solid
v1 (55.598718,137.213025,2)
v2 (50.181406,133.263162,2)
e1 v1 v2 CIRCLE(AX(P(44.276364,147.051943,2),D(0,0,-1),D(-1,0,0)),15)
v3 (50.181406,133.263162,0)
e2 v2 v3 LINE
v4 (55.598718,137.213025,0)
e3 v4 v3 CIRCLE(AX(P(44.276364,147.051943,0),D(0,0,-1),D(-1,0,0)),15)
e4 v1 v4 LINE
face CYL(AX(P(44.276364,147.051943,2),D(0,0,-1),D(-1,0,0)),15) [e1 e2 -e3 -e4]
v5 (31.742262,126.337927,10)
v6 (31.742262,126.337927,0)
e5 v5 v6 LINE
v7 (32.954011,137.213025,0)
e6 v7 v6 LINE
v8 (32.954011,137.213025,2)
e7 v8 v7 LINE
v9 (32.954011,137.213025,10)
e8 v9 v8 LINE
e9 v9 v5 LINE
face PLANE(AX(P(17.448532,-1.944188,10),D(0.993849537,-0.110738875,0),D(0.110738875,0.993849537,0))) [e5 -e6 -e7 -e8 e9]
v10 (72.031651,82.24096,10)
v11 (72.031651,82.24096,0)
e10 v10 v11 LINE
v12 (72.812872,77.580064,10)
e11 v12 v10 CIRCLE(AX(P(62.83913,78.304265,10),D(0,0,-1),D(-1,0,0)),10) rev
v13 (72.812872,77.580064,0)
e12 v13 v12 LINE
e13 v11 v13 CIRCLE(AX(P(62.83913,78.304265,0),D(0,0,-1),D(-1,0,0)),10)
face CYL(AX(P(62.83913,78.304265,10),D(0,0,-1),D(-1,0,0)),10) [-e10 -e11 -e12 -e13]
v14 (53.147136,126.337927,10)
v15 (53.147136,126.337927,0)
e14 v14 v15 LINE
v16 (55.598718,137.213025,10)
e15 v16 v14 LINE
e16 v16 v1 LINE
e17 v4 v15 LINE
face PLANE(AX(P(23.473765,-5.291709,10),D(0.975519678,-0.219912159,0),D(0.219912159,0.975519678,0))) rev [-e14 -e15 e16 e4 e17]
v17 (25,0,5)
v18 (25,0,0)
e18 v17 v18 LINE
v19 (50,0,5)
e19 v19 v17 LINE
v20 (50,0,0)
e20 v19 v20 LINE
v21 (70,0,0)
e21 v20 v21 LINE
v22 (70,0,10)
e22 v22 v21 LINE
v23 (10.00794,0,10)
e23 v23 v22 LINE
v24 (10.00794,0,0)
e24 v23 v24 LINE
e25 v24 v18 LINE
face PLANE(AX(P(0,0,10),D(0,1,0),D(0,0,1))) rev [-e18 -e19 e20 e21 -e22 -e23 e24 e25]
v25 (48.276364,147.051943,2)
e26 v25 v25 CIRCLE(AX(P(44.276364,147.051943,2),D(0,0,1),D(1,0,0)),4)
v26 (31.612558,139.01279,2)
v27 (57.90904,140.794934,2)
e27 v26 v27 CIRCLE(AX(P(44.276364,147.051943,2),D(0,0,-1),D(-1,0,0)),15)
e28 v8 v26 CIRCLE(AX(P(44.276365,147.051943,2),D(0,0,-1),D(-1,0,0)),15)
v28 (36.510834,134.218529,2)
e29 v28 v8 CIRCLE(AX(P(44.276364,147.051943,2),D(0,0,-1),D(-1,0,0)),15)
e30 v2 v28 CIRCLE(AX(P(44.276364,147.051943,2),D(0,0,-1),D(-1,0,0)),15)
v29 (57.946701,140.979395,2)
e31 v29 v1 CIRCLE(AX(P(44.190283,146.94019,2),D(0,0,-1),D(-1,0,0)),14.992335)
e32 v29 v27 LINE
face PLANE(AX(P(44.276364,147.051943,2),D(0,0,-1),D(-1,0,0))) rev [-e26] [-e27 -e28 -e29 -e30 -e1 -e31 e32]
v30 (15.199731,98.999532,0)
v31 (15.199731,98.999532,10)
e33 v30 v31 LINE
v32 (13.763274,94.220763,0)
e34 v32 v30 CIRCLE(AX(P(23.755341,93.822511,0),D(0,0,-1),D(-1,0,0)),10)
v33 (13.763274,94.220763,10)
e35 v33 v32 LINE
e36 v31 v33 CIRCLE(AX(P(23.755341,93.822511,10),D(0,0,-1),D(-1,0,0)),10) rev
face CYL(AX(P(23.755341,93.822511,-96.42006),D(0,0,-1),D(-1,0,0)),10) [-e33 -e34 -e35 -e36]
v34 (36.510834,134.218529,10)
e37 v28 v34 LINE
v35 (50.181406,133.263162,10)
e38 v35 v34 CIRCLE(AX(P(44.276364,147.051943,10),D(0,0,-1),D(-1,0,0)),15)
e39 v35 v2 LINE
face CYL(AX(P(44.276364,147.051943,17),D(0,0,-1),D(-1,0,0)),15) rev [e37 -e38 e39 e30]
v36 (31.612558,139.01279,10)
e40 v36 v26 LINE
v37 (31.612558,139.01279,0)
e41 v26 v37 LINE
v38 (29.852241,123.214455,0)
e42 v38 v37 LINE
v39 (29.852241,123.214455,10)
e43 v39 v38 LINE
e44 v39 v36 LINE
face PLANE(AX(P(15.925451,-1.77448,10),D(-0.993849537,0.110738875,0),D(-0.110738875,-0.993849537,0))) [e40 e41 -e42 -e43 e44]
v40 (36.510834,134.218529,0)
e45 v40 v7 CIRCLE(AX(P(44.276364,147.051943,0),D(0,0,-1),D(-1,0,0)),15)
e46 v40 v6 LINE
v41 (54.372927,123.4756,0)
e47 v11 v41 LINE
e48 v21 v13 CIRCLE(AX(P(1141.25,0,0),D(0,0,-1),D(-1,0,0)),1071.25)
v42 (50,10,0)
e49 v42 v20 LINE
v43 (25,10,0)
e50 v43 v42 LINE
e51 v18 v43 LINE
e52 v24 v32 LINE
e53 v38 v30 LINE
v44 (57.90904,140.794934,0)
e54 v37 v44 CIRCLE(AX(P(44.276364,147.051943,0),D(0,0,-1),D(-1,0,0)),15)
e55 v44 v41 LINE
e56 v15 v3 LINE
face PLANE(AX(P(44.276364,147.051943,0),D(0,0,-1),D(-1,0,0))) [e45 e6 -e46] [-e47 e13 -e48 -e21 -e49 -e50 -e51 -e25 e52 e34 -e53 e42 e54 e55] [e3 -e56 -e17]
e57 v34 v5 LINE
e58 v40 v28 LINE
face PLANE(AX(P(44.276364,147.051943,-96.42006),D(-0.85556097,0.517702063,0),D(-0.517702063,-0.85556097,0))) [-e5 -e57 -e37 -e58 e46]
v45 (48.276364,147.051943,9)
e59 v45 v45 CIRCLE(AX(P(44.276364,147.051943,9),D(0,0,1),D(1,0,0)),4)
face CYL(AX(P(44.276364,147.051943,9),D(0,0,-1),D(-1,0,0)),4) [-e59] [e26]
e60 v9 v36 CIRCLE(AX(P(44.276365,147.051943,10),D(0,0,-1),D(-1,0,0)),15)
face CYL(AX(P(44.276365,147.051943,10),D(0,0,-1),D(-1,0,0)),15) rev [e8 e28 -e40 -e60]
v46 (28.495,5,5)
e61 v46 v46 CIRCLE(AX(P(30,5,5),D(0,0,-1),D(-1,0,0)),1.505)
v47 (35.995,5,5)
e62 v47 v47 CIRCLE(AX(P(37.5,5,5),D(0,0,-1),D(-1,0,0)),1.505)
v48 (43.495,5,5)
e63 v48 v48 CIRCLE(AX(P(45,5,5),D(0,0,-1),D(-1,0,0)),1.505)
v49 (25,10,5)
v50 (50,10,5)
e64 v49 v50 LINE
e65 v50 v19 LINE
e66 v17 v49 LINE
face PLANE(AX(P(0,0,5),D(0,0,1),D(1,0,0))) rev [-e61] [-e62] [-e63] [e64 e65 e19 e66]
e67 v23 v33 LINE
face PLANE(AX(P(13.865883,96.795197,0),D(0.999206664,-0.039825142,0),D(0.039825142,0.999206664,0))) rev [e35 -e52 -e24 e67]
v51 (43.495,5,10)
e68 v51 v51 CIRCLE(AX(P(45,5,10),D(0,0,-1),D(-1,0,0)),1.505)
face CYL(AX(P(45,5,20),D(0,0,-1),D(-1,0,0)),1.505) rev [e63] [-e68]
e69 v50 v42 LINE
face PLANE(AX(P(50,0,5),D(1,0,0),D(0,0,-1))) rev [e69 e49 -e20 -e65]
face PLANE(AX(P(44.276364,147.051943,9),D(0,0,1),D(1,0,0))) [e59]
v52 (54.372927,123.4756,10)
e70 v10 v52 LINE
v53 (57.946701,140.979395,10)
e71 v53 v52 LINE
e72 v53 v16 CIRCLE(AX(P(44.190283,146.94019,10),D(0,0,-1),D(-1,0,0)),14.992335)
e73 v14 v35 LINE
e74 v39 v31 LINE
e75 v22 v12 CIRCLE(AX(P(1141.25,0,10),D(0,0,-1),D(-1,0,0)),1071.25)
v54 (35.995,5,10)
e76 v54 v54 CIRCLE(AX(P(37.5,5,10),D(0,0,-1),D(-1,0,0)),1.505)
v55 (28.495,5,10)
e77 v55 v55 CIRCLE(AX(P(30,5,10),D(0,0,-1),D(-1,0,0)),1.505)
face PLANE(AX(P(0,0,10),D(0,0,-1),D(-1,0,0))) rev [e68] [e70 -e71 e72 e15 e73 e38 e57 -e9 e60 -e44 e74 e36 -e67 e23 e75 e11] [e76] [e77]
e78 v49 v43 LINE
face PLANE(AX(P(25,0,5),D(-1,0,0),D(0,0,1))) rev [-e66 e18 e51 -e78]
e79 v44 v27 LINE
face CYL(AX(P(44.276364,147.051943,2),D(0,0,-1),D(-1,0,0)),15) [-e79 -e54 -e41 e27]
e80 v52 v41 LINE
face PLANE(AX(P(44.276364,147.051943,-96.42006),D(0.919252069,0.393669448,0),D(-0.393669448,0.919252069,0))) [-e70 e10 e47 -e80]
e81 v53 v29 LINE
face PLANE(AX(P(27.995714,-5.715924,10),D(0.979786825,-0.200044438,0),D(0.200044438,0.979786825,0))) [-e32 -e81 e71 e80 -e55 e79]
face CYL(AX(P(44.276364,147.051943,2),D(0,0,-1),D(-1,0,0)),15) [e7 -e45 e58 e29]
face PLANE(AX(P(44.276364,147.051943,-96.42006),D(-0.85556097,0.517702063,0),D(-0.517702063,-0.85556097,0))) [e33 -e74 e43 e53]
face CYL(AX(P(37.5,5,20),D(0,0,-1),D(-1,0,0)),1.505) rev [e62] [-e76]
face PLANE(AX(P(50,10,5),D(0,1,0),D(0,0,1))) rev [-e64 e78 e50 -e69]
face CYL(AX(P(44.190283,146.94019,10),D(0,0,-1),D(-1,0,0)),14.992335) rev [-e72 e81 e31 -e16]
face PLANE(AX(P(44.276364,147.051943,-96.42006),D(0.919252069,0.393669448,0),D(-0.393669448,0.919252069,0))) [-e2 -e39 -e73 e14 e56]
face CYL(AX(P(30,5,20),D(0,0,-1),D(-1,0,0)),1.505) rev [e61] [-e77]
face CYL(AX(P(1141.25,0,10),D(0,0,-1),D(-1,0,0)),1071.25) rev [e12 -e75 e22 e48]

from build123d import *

# Parameters (mm, degrees)
BOSS_EXTRUDE1_DEPTH = 10
CUT_EXTRUDE2_DEPTH  = 10
BOSS_EXTRUDE2_DEPTH = 10
SKETCH7_R           = 15
CUT_EXTRUDE3_DEPTH  = 17
SKETCH8_R           = 15
BOSS_EXTRUDE4_DEPTH = 2
SKETCH10_R          = 4
BOSS_EXTRUDE5_DEPTH = 7
FILLET1_R           = 10
CUT_EXTRUDE4_DEPTH  = 10
FILLET2_R           = 10
SKETCH12_W          = 25
SKETCH12_H          = 10
CUT_EXTRUDE5_DEPTH  = 5
SKETCH13_R          = 1.505
CUT_EXTRUDE6_DEPTH  = 15
BOSS_EXTRUDE6_DEPTH = 10


with BuildPart() as part:
    # Sketch2 → Boss-Extrude1 (new body)
    with BuildSketch(Plane.XY):
        with BuildLine():
            Line((0, 0), (70, 0))
            ThreePointArc((70, 0), (80.047115298, 146.372811683), (110, 290))
            Line((110, 290), (50, 290))
            ThreePointArc((50, 290), (12.591539765, 147.139389696), (0, 0))
        make_face()
    extrude(amount=BOSS_EXTRUDE1_DEPTH)

    # Sketch5 → Cut-Extrude2 (cut)
    with BuildSketch(Plane.XY.offset(10)):
        Polygon((-13.167731947, 80), (152.833861951, 80), (152.833861951, 337.050867126), (18.976855574, 332.054655913), align=None)
    extrude(amount=-CUT_EXTRUDE2_DEPTH, mode=Mode.SUBTRACT)

    # Sketch6 → Boss-Extrude2 (add)
    with BuildSketch(Plane.XY.offset(10)):
        Polygon((72.991341013, 80), (3.703067383, 80), (44.276364493, 147.051943441), align=None)
    extrude(amount=-BOSS_EXTRUDE2_DEPTH)

    # Sketch7 → Cut-Extrude3 (cut)
    with BuildSketch(Plane(origin=(0, 0, 0), x_dir=(-1, 0, 0), z_dir=(0, 0, -1))):
        with Locations((-44.276364493, 147.051943441)):
            Circle(SKETCH7_R)
    extrude(amount=-CUT_EXTRUDE3_DEPTH, mode=Mode.SUBTRACT)

    # Fillet1
    fillet1_edges = [part.edges().sort_by_distance(p)[0] for p in [
        (3.703067383, 80, 5),
        (72.991341013, 80, 5),
    ]]
    fillet(fillet1_edges, radius=FILLET1_R)

    # Sketch11 → Cut-Extrude4 (cut)
    with BuildSketch(Plane.XY.offset(10)):
        Polygon((13.865882816, 96.79519719), (9.525195507, -12.111976015), (-19.82973313, -10.941983603), (-15.53567793, 96.79519719), align=None)
    extrude(amount=-CUT_EXTRUDE4_DEPTH, mode=Mode.SUBTRACT)

    # Fillet2
    fillet2_edges = [part.edges().sort_by_distance(p)[0] for p in [
        (13.865882816, 96.79519719, 5),
    ]]
    fillet(fillet2_edges, radius=FILLET2_R)

    # Sketch12 → Cut-Extrude5 (cut)
    with BuildSketch(Plane(origin=(0, 0, 0), x_dir=(-1, 0, 0), z_dir=(0, 0, -1))):
        with Locations((-37.5, 5)):
            Rectangle(SKETCH12_W, SKETCH12_H)
    extrude(amount=-CUT_EXTRUDE5_DEPTH, mode=Mode.SUBTRACT)

    # Sketch13 → Cut-Extrude6 (cut)
    with BuildSketch(Plane(origin=(0, 0, 5), x_dir=(-1, 0, 0), z_dir=(0, 0, -1))):
        with Locations((-45, 5)):
            Circle(SKETCH13_R)
        with Locations((-37.5, 5)):
            Circle(SKETCH13_R)
        with Locations((-30, 5)):
            Circle(SKETCH13_R)
    extrude(amount=-CUT_EXTRUDE6_DEPTH, mode=Mode.SUBTRACT)



with BuildPart() as body_2:
    # Sketch8 → Boss-Extrude4 (new body)
    with BuildSketch(Plane(origin=(0, 0, 0), x_dir=(-1, 0, 0), z_dir=(0, 0, -1))):
        with Locations((-44.276364493, 147.051943441)):
            Circle(SKETCH8_R)
    extrude(amount=-BOSS_EXTRUDE4_DEPTH)

    # Sketch10 → Boss-Extrude5 (add)
    with BuildSketch(Plane.XY.offset(2)):
        with Locations((44.276364493, 147.051943441)):
            Circle(SKETCH10_R)
    extrude(amount=BOSS_EXTRUDE5_DEPTH)


with BuildPart() as part_1:
    add(part.part)

    add(body_2.part)  # Boss-Extrude6 merges body 2
    # Sketch14 → Boss-Extrude6 (add)
    with BuildSketch(Plane(origin=(0, 0, 0), x_dir=(-1, 0, 0), z_dir=(0, 0, -1))):
        with BuildLine():
            Line((-53.147136244, 126.337927349), (-55.598718025, 137.213025284))
            ThreePointArc((-55.598718025, 137.213025284), (-56.912855269, 139.008842213), (-57.946701254, 140.97939483))
            Line((-57.946701254, 140.97939483), (-54.372927134, 123.47560004))
            Line((-54.372927134, 123.47560004), (-53.147136244, 126.337927349))
        make_face()
        with BuildLine():
            ThreePointArc((-31.612557589, 139.012789587), (-32.24957103, 138.087779286), (-32.954010961, 137.213025284))
            Line((-32.954010961, 137.213025284), (-31.742262033, 126.337927349))
            Line((-31.742262033, 126.337927349), (-29.852240994, 123.214454699))
            Line((-29.852240994, 123.214454699), (-31.612557589, 139.012789587))
        make_face()
    extrude(amount=-BOSS_EXTRUDE6_DEPTH)


solid = part_1.part
